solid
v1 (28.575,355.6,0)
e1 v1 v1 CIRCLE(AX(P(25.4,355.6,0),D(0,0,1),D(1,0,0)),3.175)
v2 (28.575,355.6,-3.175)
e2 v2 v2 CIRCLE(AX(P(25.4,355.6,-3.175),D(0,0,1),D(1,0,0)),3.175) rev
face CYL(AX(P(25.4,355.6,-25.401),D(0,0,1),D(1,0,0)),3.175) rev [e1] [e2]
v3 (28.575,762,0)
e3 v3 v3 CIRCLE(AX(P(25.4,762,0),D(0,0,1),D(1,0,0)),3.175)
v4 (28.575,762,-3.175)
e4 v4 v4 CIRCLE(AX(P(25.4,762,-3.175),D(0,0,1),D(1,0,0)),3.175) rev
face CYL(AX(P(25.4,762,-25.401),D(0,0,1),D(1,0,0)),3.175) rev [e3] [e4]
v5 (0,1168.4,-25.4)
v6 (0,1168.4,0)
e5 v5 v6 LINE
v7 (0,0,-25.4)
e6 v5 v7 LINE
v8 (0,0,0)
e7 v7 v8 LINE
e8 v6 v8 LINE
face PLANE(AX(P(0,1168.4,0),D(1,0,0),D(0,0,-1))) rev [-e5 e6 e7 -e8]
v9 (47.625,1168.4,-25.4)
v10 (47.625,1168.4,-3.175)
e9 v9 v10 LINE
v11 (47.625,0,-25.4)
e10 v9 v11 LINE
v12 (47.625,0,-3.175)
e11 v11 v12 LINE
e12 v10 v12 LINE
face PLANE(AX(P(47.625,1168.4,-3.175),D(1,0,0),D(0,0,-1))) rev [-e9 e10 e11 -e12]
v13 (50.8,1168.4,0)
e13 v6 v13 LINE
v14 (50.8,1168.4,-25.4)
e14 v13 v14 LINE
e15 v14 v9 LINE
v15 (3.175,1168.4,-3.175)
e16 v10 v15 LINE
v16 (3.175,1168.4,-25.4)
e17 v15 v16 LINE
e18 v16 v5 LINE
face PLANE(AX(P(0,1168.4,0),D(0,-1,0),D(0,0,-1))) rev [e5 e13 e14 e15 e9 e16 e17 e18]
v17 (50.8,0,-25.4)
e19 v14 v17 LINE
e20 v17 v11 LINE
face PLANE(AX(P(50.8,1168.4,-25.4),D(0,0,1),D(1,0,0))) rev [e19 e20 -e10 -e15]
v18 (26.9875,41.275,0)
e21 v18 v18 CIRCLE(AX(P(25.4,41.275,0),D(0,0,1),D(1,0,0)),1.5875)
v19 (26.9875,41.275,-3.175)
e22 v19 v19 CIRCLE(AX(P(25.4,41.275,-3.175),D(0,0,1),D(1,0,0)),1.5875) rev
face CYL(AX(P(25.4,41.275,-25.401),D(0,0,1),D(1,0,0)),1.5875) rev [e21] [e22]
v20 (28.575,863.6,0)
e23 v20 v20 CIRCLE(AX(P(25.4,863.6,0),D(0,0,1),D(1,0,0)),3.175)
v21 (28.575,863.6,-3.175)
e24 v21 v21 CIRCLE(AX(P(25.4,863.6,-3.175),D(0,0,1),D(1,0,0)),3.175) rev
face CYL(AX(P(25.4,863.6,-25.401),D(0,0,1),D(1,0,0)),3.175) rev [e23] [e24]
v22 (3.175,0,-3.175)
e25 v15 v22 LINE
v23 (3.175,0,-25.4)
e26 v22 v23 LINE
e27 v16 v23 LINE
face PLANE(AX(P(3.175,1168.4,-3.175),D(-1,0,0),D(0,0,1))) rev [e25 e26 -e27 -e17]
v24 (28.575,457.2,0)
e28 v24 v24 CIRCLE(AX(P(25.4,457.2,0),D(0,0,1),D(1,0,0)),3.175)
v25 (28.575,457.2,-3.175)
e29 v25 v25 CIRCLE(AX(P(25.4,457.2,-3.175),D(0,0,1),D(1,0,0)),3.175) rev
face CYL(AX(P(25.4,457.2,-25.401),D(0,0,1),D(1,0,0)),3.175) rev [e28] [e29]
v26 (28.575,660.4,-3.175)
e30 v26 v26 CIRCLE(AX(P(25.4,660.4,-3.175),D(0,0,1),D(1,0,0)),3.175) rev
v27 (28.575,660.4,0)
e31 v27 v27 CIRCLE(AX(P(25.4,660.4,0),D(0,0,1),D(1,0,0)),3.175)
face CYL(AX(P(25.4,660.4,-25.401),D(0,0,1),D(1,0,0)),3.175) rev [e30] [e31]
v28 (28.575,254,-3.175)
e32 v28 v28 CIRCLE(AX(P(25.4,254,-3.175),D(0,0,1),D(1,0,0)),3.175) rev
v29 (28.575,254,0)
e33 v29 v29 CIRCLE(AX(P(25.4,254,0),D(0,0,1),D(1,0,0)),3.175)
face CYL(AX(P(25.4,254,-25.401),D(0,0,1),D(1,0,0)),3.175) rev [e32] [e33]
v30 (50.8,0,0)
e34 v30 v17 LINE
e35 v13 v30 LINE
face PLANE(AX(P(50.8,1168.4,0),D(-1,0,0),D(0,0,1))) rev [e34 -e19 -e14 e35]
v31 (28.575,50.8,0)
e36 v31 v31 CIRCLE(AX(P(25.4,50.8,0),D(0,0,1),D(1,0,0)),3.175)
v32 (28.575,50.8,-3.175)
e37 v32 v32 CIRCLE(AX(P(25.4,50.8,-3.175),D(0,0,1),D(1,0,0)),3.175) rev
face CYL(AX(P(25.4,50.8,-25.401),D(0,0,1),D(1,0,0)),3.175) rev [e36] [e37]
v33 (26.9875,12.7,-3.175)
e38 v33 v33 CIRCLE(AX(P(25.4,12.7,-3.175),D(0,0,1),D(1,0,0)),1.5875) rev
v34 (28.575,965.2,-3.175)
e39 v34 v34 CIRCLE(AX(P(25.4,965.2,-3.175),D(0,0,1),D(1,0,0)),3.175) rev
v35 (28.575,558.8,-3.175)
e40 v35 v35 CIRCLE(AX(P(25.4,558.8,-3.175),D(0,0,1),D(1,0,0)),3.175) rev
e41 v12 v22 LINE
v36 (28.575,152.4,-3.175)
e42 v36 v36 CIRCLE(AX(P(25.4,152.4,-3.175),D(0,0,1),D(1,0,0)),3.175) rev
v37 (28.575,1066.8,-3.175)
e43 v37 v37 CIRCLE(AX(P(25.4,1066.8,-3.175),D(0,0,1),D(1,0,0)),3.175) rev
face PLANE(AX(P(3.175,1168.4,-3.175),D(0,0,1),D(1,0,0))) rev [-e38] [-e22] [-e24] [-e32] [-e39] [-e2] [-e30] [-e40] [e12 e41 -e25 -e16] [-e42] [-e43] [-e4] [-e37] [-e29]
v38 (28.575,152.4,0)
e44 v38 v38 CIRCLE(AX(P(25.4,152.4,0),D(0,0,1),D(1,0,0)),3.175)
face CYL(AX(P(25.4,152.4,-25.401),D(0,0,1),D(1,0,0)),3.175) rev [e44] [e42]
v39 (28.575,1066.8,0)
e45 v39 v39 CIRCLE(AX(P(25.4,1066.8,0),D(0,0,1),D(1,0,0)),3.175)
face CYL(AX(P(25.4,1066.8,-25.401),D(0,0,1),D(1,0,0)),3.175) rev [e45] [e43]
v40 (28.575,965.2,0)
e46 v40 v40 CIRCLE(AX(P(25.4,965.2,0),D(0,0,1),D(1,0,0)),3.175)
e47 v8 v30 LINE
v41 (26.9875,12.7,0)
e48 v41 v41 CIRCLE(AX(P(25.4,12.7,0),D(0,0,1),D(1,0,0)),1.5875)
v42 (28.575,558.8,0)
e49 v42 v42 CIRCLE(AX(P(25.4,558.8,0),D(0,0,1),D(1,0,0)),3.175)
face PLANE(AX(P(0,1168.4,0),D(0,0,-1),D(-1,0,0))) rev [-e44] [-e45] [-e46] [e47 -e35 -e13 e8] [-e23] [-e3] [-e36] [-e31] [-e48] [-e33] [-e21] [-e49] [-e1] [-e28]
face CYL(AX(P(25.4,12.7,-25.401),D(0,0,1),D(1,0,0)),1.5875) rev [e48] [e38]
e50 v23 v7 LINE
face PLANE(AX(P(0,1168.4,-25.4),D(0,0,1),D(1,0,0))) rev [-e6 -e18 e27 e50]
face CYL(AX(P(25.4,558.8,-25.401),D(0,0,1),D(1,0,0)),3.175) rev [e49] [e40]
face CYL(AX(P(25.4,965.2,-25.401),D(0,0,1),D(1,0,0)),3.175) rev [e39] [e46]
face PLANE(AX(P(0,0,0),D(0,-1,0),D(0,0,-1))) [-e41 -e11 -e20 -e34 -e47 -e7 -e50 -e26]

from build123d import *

# Parameters (mm, degrees)
BOSS_EXTRUDE1_DEPTH = 1168.4
CUT_EXTRUDE1_REACH  = 27.4
SKETCH2_R           = 3.175
CUT_EXTRUDE2_REACH  = 27.4
SKETCH4_R           = 1.5875


with BuildPart() as part:
    # Sketch1 → Boss-Extrude1 (new body)
    with BuildSketch(Plane(origin=(0, 0, 0), x_dir=(1, 0, 0), z_dir=(0, 1, 0))):
        Polygon((3.175, 3.175), (3.175, 25.4), (0, 25.4), (0, 0), (50.8, 0), (50.8, 25.4), (47.625, 25.4), (47.625, 3.175), align=None)
    extrude(amount=BOSS_EXTRUDE1_DEPTH)

    # Sketch2 → Cut-Extrude1 (cut, up to next)
    with BuildSketch(Plane.XY, mode=Mode.PRIVATE) as cut_extrude1_sk1:
        with Locations((25.4, 50.8)):
            Circle(SKETCH2_R)
    cut_extrude1_tool1 = extrude(cut_extrude1_sk1.sketch, amount=-CUT_EXTRUDE1_REACH, mode=Mode.PRIVATE) & part.part
    add(cut_extrude1_tool1.solids().sort_by_distance((25.4, 50.8, 0))[0], mode=Mode.SUBTRACT)
    # Sketch2 → Cut-Extrude1 (cut, up to next)
    with BuildSketch(Plane.XY, mode=Mode.PRIVATE) as cut_extrude1_sk2:
        with Locations((25.4, 152.4)):
            Circle(SKETCH2_R)
    cut_extrude1_tool2 = extrude(cut_extrude1_sk2.sketch, amount=-CUT_EXTRUDE1_REACH, mode=Mode.PRIVATE) & part.part
    add(cut_extrude1_tool2.solids().sort_by_distance((25.4, 152.4, 0))[0], mode=Mode.SUBTRACT)
    # Sketch2 → Cut-Extrude1 (cut, up to next)
    with BuildSketch(Plane.XY, mode=Mode.PRIVATE) as cut_extrude1_sk3:
        with Locations((25.4, 254)):
            Circle(SKETCH2_R)
    cut_extrude1_tool3 = extrude(cut_extrude1_sk3.sketch, amount=-CUT_EXTRUDE1_REACH, mode=Mode.PRIVATE) & part.part
    add(cut_extrude1_tool3.solids().sort_by_distance((25.4, 254, 0))[0], mode=Mode.SUBTRACT)
    # Sketch2 → Cut-Extrude1 (cut, up to next)
    with BuildSketch(Plane.XY, mode=Mode.PRIVATE) as cut_extrude1_sk4:
        with Locations((25.4, 355.6)):
            Circle(SKETCH2_R)
    cut_extrude1_tool4 = extrude(cut_extrude1_sk4.sketch, amount=-CUT_EXTRUDE1_REACH, mode=Mode.PRIVATE) & part.part
    add(cut_extrude1_tool4.solids().sort_by_distance((25.4, 355.6, 0))[0], mode=Mode.SUBTRACT)
    # Sketch2 → Cut-Extrude1 (cut, up to next)
    with BuildSketch(Plane.XY, mode=Mode.PRIVATE) as cut_extrude1_sk5:
        with Locations((25.4, 457.2)):
            Circle(SKETCH2_R)
    cut_extrude1_tool5 = extrude(cut_extrude1_sk5.sketch, amount=-CUT_EXTRUDE1_REACH, mode=Mode.PRIVATE) & part.part
    add(cut_extrude1_tool5.solids().sort_by_distance((25.4, 457.2, 0))[0], mode=Mode.SUBTRACT)
    # Sketch2 → Cut-Extrude1 (cut, up to next)
    with BuildSketch(Plane.XY, mode=Mode.PRIVATE) as cut_extrude1_sk6:
        with Locations((25.4, 558.8)):
            Circle(SKETCH2_R)
    cut_extrude1_tool6 = extrude(cut_extrude1_sk6.sketch, amount=-CUT_EXTRUDE1_REACH, mode=Mode.PRIVATE) & part.part
    add(cut_extrude1_tool6.solids().sort_by_distance((25.4, 558.8, 0))[0], mode=Mode.SUBTRACT)
    # Sketch2 → Cut-Extrude1 (cut, up to next)
    with BuildSketch(Plane.XY, mode=Mode.PRIVATE) as cut_extrude1_sk7:
        with Locations((25.4, 660.4)):
            Circle(SKETCH2_R)
    cut_extrude1_tool7 = extrude(cut_extrude1_sk7.sketch, amount=-CUT_EXTRUDE1_REACH, mode=Mode.PRIVATE) & part.part
    add(cut_extrude1_tool7.solids().sort_by_distance((25.4, 660.4, 0))[0], mode=Mode.SUBTRACT)
    # Sketch2 → Cut-Extrude1 (cut, up to next)
    with BuildSketch(Plane.XY, mode=Mode.PRIVATE) as cut_extrude1_sk8:
        with Locations((25.4, 762)):
            Circle(SKETCH2_R)
    cut_extrude1_tool8 = extrude(cut_extrude1_sk8.sketch, amount=-CUT_EXTRUDE1_REACH, mode=Mode.PRIVATE) & part.part
    add(cut_extrude1_tool8.solids().sort_by_distance((25.4, 762, 0))[0], mode=Mode.SUBTRACT)
    # Sketch2 → Cut-Extrude1 (cut, up to next)
    with BuildSketch(Plane.XY, mode=Mode.PRIVATE) as cut_extrude1_sk9:
        with Locations((25.4, 863.6)):
            Circle(SKETCH2_R)
    cut_extrude1_tool9 = extrude(cut_extrude1_sk9.sketch, amount=-CUT_EXTRUDE1_REACH, mode=Mode.PRIVATE) & part.part
    add(cut_extrude1_tool9.solids().sort_by_distance((25.4, 863.6, 0))[0], mode=Mode.SUBTRACT)
    # Sketch2 → Cut-Extrude1 (cut, up to next)
    with BuildSketch(Plane.XY, mode=Mode.PRIVATE) as cut_extrude1_sk10:
        with Locations((25.4, 965.2)):
            Circle(SKETCH2_R)
    cut_extrude1_tool10 = extrude(cut_extrude1_sk10.sketch, amount=-CUT_EXTRUDE1_REACH, mode=Mode.PRIVATE) & part.part
    add(cut_extrude1_tool10.solids().sort_by_distance((25.4, 965.2, 0))[0], mode=Mode.SUBTRACT)
    # Sketch2 → Cut-Extrude1 (cut, up to next)
    with BuildSketch(Plane.XY, mode=Mode.PRIVATE) as cut_extrude1_sk11:
        with Locations((25.4, 1066.8)):
            Circle(SKETCH2_R)
    cut_extrude1_tool11 = extrude(cut_extrude1_sk11.sketch, amount=-CUT_EXTRUDE1_REACH, mode=Mode.PRIVATE) & part.part
    add(cut_extrude1_tool11.solids().sort_by_distance((25.4, 1066.8, 0))[0], mode=Mode.SUBTRACT)

    # Sketch4 → Cut-Extrude2 (cut, up to next)
    with BuildSketch(Plane.XY, mode=Mode.PRIVATE) as cut_extrude2_sk1:
        with Locations((25.4, 41.275)):
            Circle(SKETCH4_R)
    cut_extrude2_tool1 = extrude(cut_extrude2_sk1.sketch, amount=-CUT_EXTRUDE2_REACH, mode=Mode.PRIVATE) & part.part
    add(cut_extrude2_tool1.solids().sort_by_distance((25.4, 41.275, 0))[0], mode=Mode.SUBTRACT)
    # Sketch4 → Cut-Extrude2 (cut, up to next)
    with BuildSketch(Plane.XY, mode=Mode.PRIVATE) as cut_extrude2_sk2:
        with Locations((25.4, 12.7)):
            Circle(SKETCH4_R)
    cut_extrude2_tool2 = extrude(cut_extrude2_sk2.sketch, amount=-CUT_EXTRUDE2_REACH, mode=Mode.PRIVATE) & part.part
    add(cut_extrude2_tool2.solids().sort_by_distance((25.4, 12.7, 0))[0], mode=Mode.SUBTRACT)


solid = part.part
